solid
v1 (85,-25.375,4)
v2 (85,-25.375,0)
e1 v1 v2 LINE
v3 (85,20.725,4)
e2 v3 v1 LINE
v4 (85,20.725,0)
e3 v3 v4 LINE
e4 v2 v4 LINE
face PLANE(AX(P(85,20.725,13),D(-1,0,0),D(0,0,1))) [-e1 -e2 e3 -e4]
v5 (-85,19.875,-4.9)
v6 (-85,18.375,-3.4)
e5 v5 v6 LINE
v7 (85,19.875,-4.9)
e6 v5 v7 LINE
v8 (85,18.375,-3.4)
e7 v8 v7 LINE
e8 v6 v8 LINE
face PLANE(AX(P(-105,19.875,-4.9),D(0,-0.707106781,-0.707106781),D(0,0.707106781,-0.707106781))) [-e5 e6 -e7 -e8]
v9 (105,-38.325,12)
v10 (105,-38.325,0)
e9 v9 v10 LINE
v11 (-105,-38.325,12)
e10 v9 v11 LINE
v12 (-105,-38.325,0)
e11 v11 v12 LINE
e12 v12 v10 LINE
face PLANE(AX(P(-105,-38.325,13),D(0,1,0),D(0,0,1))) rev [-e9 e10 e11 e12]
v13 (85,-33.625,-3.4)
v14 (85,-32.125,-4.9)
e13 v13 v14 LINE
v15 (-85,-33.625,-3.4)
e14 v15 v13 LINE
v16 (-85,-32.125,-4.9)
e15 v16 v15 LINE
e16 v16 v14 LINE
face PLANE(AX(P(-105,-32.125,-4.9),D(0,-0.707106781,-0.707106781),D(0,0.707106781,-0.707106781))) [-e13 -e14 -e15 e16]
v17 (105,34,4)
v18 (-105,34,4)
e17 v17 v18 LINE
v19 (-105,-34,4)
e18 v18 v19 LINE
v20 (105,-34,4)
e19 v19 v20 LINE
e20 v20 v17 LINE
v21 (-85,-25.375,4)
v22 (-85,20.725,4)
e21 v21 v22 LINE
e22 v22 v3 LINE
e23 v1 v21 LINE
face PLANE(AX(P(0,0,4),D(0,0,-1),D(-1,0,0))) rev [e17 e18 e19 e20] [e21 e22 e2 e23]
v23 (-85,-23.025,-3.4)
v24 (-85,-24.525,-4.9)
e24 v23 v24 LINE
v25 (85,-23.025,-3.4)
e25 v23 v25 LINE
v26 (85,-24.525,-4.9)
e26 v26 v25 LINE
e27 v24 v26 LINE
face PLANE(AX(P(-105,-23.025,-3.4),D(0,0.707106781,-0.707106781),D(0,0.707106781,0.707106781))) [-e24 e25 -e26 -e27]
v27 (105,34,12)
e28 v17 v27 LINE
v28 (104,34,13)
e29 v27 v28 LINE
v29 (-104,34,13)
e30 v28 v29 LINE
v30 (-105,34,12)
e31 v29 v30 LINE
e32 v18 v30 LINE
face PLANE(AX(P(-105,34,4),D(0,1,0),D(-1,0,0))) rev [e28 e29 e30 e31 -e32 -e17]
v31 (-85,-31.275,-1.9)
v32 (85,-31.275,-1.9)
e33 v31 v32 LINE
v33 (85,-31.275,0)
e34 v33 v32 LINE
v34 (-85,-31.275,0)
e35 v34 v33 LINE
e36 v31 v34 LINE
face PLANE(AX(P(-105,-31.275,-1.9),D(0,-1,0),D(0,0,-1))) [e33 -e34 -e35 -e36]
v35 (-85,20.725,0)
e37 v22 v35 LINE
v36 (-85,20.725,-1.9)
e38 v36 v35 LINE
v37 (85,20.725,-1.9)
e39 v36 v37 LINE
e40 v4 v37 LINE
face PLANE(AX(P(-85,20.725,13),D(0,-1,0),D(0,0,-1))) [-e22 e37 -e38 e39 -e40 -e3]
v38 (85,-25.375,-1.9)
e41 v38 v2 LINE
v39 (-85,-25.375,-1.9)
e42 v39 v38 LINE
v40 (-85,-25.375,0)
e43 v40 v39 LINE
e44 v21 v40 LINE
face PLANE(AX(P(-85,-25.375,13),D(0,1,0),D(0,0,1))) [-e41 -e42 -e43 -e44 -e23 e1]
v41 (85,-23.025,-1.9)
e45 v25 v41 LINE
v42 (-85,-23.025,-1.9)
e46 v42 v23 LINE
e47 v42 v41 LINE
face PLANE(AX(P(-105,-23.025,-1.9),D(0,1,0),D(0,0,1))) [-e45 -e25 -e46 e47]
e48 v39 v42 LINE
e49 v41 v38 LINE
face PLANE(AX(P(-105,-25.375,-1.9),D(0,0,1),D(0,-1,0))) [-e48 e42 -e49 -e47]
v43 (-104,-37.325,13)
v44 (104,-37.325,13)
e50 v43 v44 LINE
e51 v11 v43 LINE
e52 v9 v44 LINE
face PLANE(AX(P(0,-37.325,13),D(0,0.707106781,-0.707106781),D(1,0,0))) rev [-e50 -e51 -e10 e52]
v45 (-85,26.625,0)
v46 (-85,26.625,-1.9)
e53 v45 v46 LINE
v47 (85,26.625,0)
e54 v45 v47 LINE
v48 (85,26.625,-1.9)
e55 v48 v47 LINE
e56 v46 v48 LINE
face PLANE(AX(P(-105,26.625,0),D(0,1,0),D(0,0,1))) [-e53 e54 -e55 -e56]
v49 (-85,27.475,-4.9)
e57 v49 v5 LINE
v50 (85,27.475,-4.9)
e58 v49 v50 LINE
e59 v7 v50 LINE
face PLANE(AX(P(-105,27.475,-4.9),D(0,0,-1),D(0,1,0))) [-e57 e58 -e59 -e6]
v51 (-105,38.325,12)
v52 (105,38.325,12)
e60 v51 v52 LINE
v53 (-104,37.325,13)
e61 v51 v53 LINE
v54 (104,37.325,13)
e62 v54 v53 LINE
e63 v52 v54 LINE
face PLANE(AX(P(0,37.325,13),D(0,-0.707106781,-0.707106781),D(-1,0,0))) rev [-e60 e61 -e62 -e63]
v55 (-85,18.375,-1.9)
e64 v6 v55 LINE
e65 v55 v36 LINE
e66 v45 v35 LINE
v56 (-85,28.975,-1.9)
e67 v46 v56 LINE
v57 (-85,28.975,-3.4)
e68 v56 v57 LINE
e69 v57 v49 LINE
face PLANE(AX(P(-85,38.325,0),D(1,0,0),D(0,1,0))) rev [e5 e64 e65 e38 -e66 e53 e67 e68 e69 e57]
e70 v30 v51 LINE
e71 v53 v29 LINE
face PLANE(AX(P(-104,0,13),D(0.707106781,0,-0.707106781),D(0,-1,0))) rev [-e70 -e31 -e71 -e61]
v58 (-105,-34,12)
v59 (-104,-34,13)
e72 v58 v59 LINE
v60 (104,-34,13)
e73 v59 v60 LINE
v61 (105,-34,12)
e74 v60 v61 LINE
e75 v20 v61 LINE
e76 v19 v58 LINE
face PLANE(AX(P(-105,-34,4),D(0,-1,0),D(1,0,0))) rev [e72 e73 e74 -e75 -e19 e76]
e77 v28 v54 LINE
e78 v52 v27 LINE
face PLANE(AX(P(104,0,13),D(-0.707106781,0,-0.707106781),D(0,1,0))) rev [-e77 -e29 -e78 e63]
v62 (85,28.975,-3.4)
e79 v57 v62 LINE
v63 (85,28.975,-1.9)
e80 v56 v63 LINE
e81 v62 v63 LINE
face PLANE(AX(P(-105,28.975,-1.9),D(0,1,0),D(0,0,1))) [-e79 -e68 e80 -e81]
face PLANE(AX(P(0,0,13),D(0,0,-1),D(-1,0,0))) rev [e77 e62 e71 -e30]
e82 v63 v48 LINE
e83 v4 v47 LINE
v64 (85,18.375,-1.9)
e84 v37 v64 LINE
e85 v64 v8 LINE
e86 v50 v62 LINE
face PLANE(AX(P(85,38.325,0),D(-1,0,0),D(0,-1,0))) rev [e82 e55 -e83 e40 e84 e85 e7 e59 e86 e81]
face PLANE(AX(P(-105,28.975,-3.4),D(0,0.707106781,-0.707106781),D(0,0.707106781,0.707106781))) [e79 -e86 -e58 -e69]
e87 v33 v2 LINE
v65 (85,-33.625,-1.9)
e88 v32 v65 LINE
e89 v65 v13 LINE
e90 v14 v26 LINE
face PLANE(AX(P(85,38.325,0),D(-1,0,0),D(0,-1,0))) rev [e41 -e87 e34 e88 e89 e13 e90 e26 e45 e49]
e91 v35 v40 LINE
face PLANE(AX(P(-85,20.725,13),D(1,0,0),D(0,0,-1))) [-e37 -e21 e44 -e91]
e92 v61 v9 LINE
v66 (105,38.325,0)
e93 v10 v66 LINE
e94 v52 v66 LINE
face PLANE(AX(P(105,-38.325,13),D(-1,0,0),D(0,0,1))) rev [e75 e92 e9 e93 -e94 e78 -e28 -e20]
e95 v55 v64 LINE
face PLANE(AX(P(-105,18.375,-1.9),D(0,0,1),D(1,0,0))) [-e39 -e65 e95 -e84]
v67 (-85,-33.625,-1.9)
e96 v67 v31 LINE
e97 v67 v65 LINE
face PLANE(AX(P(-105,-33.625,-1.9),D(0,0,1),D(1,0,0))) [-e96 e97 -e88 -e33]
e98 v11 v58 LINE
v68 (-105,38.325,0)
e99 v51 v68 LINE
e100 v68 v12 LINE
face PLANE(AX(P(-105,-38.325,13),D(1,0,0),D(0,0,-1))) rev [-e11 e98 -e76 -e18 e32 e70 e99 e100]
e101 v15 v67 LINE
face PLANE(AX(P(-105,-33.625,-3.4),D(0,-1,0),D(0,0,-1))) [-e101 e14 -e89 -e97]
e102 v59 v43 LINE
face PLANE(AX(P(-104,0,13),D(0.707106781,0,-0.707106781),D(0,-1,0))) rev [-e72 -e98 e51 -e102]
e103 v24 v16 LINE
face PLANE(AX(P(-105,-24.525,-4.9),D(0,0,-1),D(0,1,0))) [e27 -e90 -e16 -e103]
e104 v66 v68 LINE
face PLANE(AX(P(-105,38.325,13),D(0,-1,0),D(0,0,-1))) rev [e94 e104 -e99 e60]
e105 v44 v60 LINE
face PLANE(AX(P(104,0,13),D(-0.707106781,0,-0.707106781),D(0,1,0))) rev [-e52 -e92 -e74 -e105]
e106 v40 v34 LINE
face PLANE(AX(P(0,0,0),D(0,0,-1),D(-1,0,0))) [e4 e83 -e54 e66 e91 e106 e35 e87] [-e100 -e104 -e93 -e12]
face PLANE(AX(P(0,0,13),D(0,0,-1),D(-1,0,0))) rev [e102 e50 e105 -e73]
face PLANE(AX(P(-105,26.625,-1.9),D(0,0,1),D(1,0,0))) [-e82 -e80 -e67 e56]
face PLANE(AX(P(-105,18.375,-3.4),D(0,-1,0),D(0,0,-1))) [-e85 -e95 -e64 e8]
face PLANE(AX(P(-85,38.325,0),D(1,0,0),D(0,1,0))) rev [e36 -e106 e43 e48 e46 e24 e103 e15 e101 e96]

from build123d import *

# Parameters (mm, degrees)
SKETCH_1_W          = 210
SKETCH_1_H          = 76.65
SKETCH_1_W_2        = 170
SKETCH_1_H_2        = 46.1
EXTRUDE_1_DEPTH     = 13
SKETCH_2_W          = 210
SKETCH_2_H          = 68
CUT_EXTRUDE_1_DEPTH = 9
CHAMFER_1_SIZE      = 1
EXTRUDE_2_DEPTH     = 210
SKETCH_7_W          = 20
SKETCH_7_H          = 76.65
CUT_EXTRUDE_2_DEPTH = 4.9


with BuildPart() as part:
    # 草图1 → 凸台-拉伸1 (new body)
    with BuildSketch(Plane.XY):
        Rectangle(SKETCH_1_W, SKETCH_1_H)
        with Locations((0, -2.325)):
            Rectangle(SKETCH_1_W_2, SKETCH_1_H_2, mode=Mode.SUBTRACT)
    extrude(amount=EXTRUDE_1_DEPTH)

    # 草图2 → 切除-拉伸1 (cut)
    with BuildSketch(Plane.XY.offset(13)):
        Rectangle(SKETCH_2_W, SKETCH_2_H)
    extrude(amount=-CUT_EXTRUDE_1_DEPTH, mode=Mode.SUBTRACT)

    # 倒角1
    chamfer_1_edges = [part.edges().sort_by_distance(p)[0] for p in [
        (105, -36.1625, 13),
        (0, 38.325, 13),
        (105, 36.1625, 13),
        (-105, -36.1625, 13),
        (-105, 36.1625, 13),
        (0, -38.325, 13),
    ]]
    chamfer(chamfer_1_edges, length=CHAMFER_1_SIZE)

    # 草图6 → 凸台-拉伸2 (add)
    with BuildSketch(Plane(origin=(105, 0, 0), x_dir=(0, 0, -1), z_dir=(1, 0, 0))):
        Polygon((0, 20.725), (0, 26.625), (1.9, 26.625), (1.9, 28.975), (3.4, 28.975), (4.9, 27.475), (4.9, 19.875), (3.4, 18.375), (1.9, 18.375), (1.9, 20.725), align=None)
        Polygon((0, -31.275), (0, -25.375), (1.9, -25.375), (1.9, -23.025), (3.4, -23.025), (4.9, -24.525), (4.9, -32.125), (3.4, -33.625), (1.9, -33.625), (1.9, -31.275), align=None)
    extrude(amount=-EXTRUDE_2_DEPTH)

    # 草图7 → 切除-拉伸2 (cut)
    with BuildSketch(Plane(origin=(0, 0, -4.9), x_dir=(-1, 0, 0), z_dir=(0, 0, -1))):
        with Locations((-95, 0)):
            Rectangle(SKETCH_7_W, SKETCH_7_H)
        with Locations((95, 0)):
            Rectangle(SKETCH_7_W, SKETCH_7_H)
    extrude(amount=-CUT_EXTRUDE_2_DEPTH, mode=Mode.SUBTRACT)


solid = part.part
